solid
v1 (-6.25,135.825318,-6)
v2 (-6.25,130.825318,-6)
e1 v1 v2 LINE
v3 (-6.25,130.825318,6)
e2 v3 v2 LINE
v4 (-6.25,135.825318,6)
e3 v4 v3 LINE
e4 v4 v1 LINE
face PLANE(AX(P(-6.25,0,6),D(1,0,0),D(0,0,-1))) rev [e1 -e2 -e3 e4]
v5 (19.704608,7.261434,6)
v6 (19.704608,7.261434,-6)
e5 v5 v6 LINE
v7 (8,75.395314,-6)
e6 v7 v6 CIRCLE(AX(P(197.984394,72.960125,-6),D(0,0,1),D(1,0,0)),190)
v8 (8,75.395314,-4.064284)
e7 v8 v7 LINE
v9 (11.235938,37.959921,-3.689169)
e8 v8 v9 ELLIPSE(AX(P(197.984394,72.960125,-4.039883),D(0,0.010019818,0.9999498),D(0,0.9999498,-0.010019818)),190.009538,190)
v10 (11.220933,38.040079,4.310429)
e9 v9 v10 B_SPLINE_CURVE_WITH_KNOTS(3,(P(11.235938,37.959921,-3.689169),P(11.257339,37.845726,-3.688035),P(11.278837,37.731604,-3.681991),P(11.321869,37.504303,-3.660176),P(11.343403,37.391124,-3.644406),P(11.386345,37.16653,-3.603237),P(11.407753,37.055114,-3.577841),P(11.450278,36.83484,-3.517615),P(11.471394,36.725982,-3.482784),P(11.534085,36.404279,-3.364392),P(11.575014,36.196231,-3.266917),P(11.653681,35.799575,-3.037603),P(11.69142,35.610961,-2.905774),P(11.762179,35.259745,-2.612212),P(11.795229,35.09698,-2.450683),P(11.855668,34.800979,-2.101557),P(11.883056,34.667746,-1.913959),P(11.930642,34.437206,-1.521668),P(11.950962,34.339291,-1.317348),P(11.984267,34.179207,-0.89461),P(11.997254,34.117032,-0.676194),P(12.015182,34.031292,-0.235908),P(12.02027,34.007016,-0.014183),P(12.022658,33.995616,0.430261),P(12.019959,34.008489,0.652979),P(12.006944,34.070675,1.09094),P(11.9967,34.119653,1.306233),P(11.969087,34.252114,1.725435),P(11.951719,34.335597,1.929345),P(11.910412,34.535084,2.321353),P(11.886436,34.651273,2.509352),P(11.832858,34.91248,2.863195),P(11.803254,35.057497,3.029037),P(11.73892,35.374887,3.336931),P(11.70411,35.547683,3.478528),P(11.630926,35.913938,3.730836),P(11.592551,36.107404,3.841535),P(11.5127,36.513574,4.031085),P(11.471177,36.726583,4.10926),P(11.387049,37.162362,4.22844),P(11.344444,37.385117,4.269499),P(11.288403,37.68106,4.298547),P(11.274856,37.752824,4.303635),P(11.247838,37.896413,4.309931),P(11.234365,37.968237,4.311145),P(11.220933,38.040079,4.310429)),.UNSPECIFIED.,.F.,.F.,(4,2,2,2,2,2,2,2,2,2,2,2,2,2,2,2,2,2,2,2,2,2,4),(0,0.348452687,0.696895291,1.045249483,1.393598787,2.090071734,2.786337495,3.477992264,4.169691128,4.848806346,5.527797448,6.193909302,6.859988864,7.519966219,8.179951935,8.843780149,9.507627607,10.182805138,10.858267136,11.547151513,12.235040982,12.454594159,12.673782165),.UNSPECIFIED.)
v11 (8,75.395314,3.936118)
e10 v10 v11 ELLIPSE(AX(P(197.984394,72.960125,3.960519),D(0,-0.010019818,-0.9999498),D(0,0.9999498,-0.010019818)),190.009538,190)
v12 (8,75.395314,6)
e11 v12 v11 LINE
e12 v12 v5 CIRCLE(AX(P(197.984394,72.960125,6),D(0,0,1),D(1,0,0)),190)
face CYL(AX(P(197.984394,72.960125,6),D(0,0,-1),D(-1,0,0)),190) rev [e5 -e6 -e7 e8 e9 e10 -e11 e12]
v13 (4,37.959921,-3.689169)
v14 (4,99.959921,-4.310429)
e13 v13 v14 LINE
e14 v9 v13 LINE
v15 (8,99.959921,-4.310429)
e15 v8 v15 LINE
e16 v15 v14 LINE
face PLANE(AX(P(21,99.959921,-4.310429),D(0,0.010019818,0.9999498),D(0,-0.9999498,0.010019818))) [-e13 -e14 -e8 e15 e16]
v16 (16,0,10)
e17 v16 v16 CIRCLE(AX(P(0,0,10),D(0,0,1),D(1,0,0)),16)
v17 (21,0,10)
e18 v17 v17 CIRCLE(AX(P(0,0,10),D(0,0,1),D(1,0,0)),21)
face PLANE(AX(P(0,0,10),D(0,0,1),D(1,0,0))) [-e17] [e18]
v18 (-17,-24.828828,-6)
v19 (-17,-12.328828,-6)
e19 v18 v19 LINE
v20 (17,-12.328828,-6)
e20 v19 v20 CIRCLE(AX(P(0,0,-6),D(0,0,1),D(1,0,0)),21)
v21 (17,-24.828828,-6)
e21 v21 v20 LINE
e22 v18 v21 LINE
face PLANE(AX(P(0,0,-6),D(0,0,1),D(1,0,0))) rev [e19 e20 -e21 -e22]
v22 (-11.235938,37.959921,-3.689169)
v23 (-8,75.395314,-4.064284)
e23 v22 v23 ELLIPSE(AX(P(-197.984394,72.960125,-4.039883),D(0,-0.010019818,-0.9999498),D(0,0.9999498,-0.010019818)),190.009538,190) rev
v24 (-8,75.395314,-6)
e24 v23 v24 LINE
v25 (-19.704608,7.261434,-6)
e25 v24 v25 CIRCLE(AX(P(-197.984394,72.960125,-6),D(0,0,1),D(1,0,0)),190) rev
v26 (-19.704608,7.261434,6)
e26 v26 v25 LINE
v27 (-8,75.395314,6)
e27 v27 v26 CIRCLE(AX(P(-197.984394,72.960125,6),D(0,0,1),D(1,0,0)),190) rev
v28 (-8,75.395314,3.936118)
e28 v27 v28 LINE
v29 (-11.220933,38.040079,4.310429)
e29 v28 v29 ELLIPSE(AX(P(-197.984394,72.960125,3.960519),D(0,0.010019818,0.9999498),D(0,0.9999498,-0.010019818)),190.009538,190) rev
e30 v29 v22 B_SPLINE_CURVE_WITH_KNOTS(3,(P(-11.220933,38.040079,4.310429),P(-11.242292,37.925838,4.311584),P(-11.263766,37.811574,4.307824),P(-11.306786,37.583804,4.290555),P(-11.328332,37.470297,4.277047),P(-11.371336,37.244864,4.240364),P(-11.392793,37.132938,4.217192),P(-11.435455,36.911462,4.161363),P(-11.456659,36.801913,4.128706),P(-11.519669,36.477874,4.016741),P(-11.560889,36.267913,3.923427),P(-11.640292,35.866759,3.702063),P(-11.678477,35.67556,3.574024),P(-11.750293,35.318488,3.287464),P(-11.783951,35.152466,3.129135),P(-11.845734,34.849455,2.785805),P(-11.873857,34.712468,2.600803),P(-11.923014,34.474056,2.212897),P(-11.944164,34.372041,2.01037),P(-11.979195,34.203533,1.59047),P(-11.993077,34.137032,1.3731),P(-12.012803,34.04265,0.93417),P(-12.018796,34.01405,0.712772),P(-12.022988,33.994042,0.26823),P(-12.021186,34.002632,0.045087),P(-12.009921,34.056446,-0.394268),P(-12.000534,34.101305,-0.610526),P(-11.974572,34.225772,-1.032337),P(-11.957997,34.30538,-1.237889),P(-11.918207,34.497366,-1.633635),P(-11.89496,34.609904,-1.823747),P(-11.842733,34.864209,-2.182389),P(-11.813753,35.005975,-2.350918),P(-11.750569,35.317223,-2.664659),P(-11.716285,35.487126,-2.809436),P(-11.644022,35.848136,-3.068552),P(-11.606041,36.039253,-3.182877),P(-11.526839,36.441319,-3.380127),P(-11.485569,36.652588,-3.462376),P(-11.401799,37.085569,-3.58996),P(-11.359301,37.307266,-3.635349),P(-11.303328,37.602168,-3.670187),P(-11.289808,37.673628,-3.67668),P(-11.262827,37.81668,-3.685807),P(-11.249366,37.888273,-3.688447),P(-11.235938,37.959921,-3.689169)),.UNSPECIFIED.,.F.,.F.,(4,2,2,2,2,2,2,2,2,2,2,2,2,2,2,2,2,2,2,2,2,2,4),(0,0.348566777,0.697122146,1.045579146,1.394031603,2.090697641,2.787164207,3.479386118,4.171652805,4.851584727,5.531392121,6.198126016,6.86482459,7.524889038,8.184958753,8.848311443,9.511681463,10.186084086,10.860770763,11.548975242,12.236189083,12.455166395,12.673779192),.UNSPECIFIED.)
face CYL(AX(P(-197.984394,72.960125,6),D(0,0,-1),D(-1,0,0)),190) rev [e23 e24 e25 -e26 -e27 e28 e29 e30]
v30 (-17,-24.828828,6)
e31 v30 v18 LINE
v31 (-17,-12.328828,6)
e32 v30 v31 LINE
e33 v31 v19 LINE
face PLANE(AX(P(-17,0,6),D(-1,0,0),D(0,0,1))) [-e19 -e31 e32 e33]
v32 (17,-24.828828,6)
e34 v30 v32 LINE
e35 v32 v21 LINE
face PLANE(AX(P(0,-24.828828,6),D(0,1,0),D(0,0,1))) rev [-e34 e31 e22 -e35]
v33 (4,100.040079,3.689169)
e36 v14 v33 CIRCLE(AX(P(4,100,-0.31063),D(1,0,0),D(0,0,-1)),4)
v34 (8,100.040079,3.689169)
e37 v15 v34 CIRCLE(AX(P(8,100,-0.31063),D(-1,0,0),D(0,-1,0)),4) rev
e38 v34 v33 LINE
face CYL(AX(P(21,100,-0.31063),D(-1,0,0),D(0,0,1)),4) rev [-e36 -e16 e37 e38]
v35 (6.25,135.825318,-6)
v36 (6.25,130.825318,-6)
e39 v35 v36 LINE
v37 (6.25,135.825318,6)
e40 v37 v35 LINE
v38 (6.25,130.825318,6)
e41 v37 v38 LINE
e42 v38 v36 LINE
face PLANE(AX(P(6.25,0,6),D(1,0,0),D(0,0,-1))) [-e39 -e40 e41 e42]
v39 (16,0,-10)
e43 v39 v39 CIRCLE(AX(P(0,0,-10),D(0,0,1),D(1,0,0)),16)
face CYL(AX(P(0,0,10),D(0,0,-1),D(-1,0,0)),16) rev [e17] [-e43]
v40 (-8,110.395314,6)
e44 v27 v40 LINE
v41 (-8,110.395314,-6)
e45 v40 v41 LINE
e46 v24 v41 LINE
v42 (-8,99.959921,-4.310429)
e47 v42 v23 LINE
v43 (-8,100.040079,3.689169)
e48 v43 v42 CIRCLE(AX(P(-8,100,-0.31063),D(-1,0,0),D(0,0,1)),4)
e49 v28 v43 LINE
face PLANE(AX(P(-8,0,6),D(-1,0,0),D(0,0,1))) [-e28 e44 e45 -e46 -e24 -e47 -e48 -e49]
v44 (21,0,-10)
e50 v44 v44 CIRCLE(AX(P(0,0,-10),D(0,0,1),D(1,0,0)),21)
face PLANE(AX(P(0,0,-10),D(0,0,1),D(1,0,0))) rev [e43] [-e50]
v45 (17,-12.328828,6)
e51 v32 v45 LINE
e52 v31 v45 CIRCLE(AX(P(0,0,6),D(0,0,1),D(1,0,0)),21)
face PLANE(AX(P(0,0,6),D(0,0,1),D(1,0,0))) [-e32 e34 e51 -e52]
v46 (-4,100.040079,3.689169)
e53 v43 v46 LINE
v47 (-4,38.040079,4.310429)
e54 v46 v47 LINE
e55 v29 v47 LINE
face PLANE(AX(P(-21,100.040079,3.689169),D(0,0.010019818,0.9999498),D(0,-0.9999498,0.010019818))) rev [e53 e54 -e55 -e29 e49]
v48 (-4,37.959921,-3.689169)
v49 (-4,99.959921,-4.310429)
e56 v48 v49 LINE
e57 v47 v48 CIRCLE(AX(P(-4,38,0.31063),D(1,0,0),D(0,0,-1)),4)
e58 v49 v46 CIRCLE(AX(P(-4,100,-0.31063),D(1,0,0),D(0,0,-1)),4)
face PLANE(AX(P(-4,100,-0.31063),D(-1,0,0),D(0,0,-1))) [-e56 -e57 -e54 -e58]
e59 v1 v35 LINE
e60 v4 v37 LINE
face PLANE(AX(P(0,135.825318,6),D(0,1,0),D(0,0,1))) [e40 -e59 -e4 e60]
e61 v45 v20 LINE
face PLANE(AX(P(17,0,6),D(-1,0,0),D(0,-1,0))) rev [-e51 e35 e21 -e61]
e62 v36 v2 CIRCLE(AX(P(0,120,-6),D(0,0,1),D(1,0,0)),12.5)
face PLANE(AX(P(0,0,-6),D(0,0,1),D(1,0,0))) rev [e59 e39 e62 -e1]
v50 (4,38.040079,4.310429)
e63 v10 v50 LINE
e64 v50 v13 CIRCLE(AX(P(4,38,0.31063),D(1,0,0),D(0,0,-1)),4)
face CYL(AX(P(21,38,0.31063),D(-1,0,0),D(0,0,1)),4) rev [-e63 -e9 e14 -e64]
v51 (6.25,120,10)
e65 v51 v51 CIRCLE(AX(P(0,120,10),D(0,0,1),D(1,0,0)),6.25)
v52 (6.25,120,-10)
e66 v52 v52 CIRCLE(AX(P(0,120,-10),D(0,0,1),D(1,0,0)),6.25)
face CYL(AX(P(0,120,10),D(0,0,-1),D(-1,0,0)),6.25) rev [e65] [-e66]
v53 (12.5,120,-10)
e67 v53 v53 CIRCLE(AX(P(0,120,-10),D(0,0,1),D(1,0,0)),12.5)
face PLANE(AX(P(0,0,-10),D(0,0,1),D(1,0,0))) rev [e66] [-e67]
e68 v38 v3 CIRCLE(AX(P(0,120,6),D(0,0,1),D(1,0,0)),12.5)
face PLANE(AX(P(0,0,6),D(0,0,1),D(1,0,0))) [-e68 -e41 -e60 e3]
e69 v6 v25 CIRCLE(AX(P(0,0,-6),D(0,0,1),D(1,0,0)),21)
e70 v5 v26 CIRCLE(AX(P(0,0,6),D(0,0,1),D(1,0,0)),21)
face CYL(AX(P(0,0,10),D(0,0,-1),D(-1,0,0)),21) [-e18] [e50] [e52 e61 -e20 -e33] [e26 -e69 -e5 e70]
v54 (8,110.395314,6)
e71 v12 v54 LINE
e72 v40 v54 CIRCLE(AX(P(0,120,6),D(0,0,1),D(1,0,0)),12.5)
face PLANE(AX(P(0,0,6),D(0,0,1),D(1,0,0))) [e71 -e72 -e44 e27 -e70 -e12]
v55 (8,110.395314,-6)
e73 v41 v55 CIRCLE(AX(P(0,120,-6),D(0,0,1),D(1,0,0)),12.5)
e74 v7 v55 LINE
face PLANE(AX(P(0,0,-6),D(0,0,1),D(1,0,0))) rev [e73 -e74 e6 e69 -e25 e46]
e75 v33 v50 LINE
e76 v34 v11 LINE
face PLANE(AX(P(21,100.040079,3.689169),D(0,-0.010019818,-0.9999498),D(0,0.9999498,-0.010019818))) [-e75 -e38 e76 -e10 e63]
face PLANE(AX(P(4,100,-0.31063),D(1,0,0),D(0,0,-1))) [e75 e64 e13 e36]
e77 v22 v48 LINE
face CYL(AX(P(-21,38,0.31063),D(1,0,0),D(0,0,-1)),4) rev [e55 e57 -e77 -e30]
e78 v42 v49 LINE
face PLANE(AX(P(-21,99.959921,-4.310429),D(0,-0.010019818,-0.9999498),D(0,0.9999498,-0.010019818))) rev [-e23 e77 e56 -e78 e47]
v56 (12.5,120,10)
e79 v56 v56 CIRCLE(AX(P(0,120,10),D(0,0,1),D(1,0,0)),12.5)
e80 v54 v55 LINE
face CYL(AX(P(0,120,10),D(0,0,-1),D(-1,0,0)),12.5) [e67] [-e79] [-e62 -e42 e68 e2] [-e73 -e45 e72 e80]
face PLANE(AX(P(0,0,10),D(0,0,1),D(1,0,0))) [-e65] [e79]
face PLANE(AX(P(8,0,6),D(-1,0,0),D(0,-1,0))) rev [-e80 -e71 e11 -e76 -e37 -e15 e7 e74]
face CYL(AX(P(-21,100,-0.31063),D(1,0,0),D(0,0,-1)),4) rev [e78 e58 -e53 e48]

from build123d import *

# Parameters (mm, degrees)
SKETCH1_R             = 12.5
SKETCH1_R_2           = 6.25
BOSS_EXTRUDE2_DEPTH   = 10
SKETCH1_R_3           = 21
SKETCH1_R_4           = 16
BOSS_EXTRUDE2_2_DEPTH = 10
BOSS_EXTRUDE3_DEPTH   = 6
CUT_EXTRUDE1_START    = 4
CUT_EXTRUDE1_DEPTH    = 140.802456026


with BuildPart() as part:
    # Sketch1 → Boss-Extrude2 (new, symmetric)
    with BuildSketch(Plane.XY):
        with Locations((0, 120)):
            Circle(SKETCH1_R)
        with Locations((0, 120)):
            Circle(SKETCH1_R_2, mode=Mode.SUBTRACT)
    extrude(amount=BOSS_EXTRUDE2_DEPTH, both=True)



with BuildPart() as body_2:
    # Sketch1 → Boss-Extrude2 2 (new, symmetric)
    with BuildSketch(Plane.XY):
        Circle(SKETCH1_R_3)
        Circle(SKETCH1_R_4, mode=Mode.SUBTRACT)
    extrude(amount=BOSS_EXTRUDE2_2_DEPTH, both=True)


with BuildPart() as part_1:
    add(part.part)

    add(body_2.part)  # Boss-Extrude3 merges body 2
    # Sketch1<7> → Boss-Extrude3 (add, symmetric)
    with BuildSketch(Plane.XY):
        with BuildLine():
            Line((6.25, 135.825317547), (-6.25, 135.825317547))
            Line((-6.25, 135.825317547), (-6.25, 130.825317547))
            ThreePointArc((-6.25, 130.825317547), (0, 132.5), (6.25, 130.825317547))
            Line((6.25, 130.825317547), (6.25, 135.825317547))
        make_face()
        with BuildLine():
            Line((-8, 110.395313644), (-8, 75.395313644))
            ThreePointArc((-8, 75.395313644), (-10.727396888, 40.791551261), (-19.704607906, 7.261434244))
            ThreePointArc((-19.704607906, 7.261434244), (0, 21), (19.704607906, 7.261434244))
            ThreePointArc((19.704607906, 7.261434244), (10.727396888, 40.791551261), (8, 75.395313644))
            Line((8, 75.395313644), (8, 110.395313644))
            ThreePointArc((8, 110.395313644), (0, 107.5), (-8, 110.395313644))
        make_face()
        with BuildLine():
            Line((-17, -12.328828006), (-17, -24.828828006))
            Line((-17, -24.828828006), (17, -24.828828006))
            Line((17, -24.828828006), (17, -12.328828006))
            ThreePointArc((17, -12.328828006), (0, -21), (-17, -12.328828006))
        make_face()
    extrude(amount=BOSS_EXTRUDE3_DEPTH, both=True)

    # Sketch2 → Cut-Extrude1 (cut)
    with BuildSketch(Plane(origin=(0, 0, 0), x_dir=(0, 0, -1), z_dir=(1, 0, 0)).offset(CUT_EXTRUDE1_START)):
        with BuildLine():
            Line((4.310429138, 99.95992073), (3.689169265, 37.95992073))
            ThreePointArc((3.689169265, 37.95992073), (-0.350709206, 34.000200799), (-4.310429138, 38.04007927))
            Line((-4.310429138, 38.04007927), (-3.689169265, 100.04007927))
            ThreePointArc((-3.689169265, 100.04007927), (0.350709206, 103.999799201), (4.310429138, 99.95992073))
        make_face()
    cut_extrude1 = extrude(amount=CUT_EXTRUDE1_DEPTH, mode=Mode.SUBTRACT)

    # Mirror1: Cut-Extrude1 across plane
    add(cut_extrude1.mirror(Plane(origin=(0, 0, 0), x_dir=(0, 0, 1), z_dir=(1, 0, 0))), mode=Mode.SUBTRACT)


solid = part_1.part
